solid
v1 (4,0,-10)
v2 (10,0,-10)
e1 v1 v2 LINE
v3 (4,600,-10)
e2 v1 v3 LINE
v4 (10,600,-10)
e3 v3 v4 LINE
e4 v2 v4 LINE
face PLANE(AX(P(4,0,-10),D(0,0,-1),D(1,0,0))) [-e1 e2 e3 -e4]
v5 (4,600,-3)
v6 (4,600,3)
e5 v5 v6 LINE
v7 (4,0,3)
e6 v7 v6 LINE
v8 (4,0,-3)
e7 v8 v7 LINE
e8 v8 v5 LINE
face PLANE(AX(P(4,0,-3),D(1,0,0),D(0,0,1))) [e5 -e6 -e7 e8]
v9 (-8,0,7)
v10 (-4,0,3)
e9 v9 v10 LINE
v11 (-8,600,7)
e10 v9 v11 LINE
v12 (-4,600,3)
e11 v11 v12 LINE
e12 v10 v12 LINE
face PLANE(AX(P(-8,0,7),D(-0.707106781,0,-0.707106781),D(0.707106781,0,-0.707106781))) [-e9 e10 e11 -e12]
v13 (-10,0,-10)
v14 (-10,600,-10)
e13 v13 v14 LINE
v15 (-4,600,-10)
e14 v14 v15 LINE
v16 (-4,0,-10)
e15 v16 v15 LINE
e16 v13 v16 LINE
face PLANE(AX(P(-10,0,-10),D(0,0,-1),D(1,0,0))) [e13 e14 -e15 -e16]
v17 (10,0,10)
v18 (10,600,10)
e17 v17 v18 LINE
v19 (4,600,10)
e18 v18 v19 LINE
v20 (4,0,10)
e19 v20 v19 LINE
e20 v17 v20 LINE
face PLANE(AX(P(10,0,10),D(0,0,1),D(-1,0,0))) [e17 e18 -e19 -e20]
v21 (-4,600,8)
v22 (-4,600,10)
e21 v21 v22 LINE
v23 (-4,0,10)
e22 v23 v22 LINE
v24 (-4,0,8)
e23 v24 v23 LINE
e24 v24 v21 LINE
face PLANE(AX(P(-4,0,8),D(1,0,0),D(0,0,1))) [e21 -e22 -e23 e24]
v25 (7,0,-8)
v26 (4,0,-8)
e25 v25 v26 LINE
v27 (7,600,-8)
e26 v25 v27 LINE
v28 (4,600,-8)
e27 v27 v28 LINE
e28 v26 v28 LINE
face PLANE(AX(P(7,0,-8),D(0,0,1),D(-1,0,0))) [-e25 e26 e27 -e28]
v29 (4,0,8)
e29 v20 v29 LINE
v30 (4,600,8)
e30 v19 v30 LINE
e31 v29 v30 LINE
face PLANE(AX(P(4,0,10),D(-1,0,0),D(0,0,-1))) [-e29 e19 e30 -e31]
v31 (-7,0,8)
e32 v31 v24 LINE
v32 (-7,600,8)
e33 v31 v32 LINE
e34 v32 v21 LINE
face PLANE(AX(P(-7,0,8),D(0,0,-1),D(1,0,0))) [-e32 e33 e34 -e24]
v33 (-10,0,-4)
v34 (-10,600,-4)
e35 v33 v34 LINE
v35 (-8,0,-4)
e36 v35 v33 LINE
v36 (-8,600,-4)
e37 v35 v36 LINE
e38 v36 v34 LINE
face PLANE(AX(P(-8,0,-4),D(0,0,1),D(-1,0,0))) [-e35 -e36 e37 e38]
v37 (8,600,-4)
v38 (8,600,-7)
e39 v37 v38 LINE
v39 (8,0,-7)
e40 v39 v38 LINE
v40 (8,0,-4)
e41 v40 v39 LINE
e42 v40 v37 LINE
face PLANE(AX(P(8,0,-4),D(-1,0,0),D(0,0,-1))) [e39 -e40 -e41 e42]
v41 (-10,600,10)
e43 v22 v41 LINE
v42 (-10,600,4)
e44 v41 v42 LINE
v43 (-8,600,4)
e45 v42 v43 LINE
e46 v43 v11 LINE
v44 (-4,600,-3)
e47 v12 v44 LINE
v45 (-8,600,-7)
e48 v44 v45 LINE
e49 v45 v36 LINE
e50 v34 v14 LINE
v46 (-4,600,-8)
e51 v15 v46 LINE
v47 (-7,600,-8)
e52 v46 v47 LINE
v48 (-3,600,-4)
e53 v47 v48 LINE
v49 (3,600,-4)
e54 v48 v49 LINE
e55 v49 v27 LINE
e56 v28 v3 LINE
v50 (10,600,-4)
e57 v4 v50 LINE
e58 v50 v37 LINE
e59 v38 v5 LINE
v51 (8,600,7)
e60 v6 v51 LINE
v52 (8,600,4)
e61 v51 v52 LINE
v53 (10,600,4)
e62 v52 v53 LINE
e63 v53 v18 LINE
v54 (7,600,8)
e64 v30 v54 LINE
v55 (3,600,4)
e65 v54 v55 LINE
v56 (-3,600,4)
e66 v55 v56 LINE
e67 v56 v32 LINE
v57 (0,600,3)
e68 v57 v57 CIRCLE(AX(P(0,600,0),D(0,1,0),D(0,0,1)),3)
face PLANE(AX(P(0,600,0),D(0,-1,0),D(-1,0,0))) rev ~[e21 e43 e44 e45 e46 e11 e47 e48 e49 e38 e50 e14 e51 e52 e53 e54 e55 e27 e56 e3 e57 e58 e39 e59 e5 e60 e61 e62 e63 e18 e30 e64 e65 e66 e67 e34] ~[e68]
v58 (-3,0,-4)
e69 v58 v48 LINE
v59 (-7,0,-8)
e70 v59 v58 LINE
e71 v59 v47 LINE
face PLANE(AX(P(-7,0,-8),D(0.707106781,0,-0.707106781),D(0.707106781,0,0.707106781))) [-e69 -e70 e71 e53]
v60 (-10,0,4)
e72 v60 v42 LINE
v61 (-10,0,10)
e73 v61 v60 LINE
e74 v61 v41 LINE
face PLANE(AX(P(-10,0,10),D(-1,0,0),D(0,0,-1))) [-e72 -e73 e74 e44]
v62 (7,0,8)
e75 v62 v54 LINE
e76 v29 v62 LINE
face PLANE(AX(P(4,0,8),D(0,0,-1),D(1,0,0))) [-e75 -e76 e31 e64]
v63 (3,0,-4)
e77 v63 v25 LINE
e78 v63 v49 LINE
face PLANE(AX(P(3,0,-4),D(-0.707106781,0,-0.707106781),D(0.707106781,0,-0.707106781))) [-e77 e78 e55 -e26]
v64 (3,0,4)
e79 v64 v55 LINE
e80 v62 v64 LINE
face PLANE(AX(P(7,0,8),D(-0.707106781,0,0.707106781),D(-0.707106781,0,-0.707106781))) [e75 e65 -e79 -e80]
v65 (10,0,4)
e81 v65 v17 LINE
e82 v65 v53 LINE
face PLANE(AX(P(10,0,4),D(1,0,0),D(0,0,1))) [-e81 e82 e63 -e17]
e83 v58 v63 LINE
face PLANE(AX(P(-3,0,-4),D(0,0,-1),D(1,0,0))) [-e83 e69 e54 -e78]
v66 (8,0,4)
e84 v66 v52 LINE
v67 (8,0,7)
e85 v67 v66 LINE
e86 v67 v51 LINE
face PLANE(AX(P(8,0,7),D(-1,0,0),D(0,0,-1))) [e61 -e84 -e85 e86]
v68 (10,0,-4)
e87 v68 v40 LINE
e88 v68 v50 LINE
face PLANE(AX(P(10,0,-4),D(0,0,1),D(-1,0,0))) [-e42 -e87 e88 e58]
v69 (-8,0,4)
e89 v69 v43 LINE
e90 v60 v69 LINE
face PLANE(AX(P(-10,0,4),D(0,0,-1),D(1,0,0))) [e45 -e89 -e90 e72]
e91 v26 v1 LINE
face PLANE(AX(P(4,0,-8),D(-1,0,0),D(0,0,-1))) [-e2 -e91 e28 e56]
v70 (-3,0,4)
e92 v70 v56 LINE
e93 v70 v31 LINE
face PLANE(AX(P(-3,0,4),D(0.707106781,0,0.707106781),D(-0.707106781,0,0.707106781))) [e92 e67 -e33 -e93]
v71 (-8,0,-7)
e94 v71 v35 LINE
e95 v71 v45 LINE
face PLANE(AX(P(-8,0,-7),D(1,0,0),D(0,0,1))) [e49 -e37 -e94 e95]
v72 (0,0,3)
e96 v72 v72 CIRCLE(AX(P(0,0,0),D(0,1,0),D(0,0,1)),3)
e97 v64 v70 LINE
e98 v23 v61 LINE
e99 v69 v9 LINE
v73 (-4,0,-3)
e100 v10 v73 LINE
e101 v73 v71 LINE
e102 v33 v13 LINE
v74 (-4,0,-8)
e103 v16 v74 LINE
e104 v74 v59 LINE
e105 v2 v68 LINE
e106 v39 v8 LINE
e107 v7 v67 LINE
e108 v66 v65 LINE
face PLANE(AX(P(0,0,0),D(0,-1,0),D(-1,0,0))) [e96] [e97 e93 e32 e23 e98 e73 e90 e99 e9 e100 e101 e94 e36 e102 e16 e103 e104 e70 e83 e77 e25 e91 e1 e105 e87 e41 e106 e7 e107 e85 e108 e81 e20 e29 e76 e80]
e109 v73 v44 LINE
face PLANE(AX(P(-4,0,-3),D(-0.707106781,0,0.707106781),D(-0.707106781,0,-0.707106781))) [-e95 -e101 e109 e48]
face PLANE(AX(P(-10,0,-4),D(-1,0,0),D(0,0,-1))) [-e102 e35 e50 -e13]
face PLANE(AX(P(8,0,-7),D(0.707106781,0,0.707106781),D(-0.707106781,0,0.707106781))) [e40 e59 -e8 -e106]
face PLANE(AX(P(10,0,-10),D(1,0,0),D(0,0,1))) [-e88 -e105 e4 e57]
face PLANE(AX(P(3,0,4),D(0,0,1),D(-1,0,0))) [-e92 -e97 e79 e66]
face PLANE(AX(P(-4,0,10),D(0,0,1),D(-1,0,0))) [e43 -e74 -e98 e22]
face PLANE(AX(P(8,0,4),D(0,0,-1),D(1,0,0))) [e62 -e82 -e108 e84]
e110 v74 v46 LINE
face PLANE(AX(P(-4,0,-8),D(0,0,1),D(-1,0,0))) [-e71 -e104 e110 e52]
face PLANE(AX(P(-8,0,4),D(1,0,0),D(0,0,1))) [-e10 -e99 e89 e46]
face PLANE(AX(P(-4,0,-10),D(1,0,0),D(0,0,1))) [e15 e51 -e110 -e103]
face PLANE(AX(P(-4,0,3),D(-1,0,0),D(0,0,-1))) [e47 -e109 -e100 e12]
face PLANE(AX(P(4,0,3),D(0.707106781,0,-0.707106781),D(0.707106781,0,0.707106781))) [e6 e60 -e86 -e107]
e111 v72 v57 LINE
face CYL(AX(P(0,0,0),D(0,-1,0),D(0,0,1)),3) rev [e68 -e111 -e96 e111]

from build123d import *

# Parameters (mm, degrees)
F_2020_SKETCH_R     = 3
BOSS_EXTRUDE1_DEPTH = 600


with BuildPart() as part:
    # 2020 sketch → Boss-Extrude1 (new body)
    with BuildSketch(Plane(origin=(0, 0, 0), x_dir=(1, 0, 0), z_dir=(0, 1, 0))):
        Polygon((-4, 10), (-4, 8), (-7, 8), (-3, 4), (3, 4), (7, 8), (4, 8), (4, 10), (10, 10), (10, 4), (8, 4), (8, 7), (4, 3), (4, -3), (8, -7), (8, -4), (10, -4), (10, -10), (4, -10), (4, -8), (7, -8), (3, -4), (-3, -4), (-7, -8), (-4, -8), (-4, -10), (-10, -10), (-10, -4), (-8, -4), (-8, -7), (-4, -3), (-4, 3), (-8, 7), (-8, 4), (-10, 4), (-10, 10), align=None)
        with Locations(Location((0, 0, 0), (0, 0, 270))):
            Circle(F_2020_SKETCH_R, mode=Mode.SUBTRACT)
    extrude(amount=BOSS_EXTRUDE1_DEPTH)


solid = part.part
